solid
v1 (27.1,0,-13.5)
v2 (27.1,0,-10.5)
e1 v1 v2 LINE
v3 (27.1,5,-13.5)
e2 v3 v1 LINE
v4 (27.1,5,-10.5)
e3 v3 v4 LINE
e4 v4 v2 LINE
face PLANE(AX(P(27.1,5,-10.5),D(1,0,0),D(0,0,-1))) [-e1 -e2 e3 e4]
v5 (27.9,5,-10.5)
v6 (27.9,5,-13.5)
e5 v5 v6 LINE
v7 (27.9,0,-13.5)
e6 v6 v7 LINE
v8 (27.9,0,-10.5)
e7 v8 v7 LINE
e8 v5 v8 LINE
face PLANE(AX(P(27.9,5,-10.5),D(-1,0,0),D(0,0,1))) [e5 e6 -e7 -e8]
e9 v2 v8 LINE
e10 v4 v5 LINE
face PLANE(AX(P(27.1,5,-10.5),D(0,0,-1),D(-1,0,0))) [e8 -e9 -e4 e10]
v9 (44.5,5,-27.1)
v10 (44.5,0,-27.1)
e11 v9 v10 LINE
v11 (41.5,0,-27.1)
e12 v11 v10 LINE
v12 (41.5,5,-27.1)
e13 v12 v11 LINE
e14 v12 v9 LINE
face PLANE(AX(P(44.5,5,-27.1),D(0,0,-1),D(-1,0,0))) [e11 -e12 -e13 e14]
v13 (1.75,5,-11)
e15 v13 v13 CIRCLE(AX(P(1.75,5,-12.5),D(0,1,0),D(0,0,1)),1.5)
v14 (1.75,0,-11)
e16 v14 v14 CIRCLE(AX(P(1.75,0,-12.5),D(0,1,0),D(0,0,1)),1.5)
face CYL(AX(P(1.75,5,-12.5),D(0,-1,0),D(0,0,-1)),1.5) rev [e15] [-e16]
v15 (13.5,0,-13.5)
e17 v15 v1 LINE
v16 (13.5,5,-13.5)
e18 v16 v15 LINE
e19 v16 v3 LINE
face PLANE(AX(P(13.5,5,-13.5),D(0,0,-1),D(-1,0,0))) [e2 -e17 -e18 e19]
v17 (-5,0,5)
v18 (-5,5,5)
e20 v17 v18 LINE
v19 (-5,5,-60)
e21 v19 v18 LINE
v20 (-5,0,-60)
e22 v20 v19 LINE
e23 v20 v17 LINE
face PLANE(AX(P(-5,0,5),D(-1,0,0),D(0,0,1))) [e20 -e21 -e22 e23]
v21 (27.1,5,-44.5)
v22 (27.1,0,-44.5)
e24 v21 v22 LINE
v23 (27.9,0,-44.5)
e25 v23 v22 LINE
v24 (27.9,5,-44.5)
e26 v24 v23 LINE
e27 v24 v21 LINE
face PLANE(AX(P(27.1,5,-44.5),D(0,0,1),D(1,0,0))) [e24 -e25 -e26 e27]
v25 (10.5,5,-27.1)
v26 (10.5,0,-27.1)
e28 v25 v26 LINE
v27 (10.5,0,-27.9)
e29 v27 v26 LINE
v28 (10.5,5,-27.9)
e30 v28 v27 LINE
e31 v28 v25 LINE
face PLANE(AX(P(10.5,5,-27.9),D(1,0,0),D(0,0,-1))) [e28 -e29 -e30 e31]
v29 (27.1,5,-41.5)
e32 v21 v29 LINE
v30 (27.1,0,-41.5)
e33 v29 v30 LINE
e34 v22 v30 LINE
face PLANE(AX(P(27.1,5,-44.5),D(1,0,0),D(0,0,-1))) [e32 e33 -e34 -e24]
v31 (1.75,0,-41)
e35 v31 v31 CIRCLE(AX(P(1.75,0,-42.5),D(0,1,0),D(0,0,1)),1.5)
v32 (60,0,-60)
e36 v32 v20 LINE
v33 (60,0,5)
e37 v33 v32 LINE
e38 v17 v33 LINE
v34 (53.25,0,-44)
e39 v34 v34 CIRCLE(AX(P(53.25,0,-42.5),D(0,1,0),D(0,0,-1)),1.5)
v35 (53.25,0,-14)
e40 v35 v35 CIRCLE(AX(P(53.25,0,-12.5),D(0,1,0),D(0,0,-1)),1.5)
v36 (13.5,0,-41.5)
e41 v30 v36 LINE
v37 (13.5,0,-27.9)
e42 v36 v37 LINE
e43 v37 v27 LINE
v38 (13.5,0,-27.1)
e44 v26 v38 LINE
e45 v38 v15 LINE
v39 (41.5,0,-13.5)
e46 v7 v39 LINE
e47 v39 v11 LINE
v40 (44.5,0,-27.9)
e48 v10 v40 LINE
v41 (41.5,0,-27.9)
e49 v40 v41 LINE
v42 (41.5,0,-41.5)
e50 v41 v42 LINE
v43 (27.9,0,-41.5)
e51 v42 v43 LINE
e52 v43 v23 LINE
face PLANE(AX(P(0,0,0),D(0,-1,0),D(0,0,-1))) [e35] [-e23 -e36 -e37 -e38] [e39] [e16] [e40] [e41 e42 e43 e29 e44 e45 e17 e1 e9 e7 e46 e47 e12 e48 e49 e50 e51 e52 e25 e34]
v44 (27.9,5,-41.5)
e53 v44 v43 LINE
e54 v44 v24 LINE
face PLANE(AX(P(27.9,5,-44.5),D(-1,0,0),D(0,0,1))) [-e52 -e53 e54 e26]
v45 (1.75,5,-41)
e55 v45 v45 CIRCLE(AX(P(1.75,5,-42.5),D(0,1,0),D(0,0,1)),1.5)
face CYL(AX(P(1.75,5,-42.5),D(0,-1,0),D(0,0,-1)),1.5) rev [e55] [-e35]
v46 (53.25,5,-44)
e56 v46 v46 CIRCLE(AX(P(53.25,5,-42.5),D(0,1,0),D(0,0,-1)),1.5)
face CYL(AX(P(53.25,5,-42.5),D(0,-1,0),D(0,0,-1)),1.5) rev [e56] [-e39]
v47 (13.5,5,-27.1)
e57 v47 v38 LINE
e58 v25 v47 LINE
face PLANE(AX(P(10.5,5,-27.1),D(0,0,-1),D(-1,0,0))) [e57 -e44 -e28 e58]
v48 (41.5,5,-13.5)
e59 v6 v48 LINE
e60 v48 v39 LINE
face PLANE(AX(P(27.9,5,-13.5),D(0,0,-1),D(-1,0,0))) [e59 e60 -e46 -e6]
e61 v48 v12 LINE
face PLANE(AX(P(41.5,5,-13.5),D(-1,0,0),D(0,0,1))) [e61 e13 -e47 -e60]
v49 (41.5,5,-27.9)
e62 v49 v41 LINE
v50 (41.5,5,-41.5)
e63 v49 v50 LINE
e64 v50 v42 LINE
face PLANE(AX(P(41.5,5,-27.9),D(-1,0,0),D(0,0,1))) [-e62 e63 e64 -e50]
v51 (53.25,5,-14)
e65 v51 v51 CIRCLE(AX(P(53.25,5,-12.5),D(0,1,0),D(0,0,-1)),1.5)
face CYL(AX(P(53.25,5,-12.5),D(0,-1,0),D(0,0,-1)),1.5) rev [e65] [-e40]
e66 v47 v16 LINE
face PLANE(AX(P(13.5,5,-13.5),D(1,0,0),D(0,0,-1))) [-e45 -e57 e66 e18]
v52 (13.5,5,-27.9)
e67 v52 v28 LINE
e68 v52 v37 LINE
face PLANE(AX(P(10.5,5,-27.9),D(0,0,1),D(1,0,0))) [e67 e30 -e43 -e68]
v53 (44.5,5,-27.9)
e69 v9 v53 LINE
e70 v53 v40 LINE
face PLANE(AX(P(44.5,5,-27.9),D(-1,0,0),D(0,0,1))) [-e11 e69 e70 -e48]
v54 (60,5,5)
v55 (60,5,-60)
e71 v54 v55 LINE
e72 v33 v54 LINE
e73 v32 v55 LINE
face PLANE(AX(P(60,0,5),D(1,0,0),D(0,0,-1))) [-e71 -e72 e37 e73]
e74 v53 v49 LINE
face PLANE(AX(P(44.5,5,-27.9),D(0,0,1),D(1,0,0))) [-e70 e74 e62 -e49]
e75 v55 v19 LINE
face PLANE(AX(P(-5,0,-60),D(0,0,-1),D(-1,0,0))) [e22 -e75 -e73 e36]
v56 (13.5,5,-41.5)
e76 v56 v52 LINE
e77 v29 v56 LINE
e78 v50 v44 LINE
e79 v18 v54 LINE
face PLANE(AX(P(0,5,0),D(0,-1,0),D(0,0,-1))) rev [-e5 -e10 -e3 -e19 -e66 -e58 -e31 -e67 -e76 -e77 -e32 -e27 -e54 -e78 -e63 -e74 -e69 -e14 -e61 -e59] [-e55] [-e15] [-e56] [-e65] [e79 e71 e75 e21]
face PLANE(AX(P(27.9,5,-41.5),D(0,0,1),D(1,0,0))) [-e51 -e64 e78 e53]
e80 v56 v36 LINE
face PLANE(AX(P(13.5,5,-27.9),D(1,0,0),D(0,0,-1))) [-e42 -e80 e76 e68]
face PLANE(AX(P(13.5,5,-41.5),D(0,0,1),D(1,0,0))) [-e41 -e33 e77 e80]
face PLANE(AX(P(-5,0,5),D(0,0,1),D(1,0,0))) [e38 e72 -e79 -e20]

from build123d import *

# Parameters (mm, degrees)
CROQUIS1_W              = 55
CROQUIS1_H              = 55
CROQUIS1_R              = 1.5
SALIENTE_EXTRUIR1_DEPTH = 5
CROQUIS2_W              = 65
CROQUIS2_H              = 65
CROQUIS2_W_2            = 55
CROQUIS2_H_2            = 55
SALIENTE_EXTRUIR2_DEPTH = 5


with BuildPart() as part:
    # Croquis1 → Saliente-Extruir1 (new body)
    with BuildSketch(Plane(origin=(0, 0, 0), x_dir=(1, 0, 0), z_dir=(0, 1, 0))):
        with Locations((27.5, 27.5)):
            Rectangle(CROQUIS1_W, CROQUIS1_H)
        with Locations(Location((1.75, 42.5, 0), (0, 0, 270))):
            Circle(CROQUIS1_R, mode=Mode.SUBTRACT)
        with Locations(Location((1.75, 12.5, 0), (0, 0, 270))):
            Circle(CROQUIS1_R, mode=Mode.SUBTRACT)
        with Locations(Location((53.25, 42.5, 0), (0, 0, 90))):
            Circle(CROQUIS1_R, mode=Mode.SUBTRACT)
        with Locations(Location((53.25, 12.5, 0), (0, 0, 90))):
            Circle(CROQUIS1_R, mode=Mode.SUBTRACT)
        Polygon((13.5, 13.5), (27.1, 13.5), (27.1, 10.5), (27.9, 10.5), (27.9, 13.5), (41.5, 13.5), (41.5, 27.1), (44.5, 27.1), (44.5, 27.9), (41.5, 27.9), (41.5, 41.5), (27.9, 41.5), (27.9, 44.5), (27.1, 44.5), (27.1, 41.5), (13.5, 41.5), (13.5, 27.9), (10.5, 27.9), (10.5, 27.1), (13.5, 27.1), align=None, mode=Mode.SUBTRACT)
    extrude(amount=SALIENTE_EXTRUIR1_DEPTH)

    # Croquis2 → Saliente-Extruir2 (add)
    with BuildSketch(Plane(origin=(0, 5, 0), x_dir=(1, 0, 0), z_dir=(0, 1, 0))):
        with Locations((27.5, 27.5)):
            Rectangle(CROQUIS2_W, CROQUIS2_H)
        with Locations((27.5, 27.5)):
            Rectangle(CROQUIS2_W_2, CROQUIS2_H_2, mode=Mode.SUBTRACT)
    extrude(amount=-SALIENTE_EXTRUIR2_DEPTH)


solid = part.part
